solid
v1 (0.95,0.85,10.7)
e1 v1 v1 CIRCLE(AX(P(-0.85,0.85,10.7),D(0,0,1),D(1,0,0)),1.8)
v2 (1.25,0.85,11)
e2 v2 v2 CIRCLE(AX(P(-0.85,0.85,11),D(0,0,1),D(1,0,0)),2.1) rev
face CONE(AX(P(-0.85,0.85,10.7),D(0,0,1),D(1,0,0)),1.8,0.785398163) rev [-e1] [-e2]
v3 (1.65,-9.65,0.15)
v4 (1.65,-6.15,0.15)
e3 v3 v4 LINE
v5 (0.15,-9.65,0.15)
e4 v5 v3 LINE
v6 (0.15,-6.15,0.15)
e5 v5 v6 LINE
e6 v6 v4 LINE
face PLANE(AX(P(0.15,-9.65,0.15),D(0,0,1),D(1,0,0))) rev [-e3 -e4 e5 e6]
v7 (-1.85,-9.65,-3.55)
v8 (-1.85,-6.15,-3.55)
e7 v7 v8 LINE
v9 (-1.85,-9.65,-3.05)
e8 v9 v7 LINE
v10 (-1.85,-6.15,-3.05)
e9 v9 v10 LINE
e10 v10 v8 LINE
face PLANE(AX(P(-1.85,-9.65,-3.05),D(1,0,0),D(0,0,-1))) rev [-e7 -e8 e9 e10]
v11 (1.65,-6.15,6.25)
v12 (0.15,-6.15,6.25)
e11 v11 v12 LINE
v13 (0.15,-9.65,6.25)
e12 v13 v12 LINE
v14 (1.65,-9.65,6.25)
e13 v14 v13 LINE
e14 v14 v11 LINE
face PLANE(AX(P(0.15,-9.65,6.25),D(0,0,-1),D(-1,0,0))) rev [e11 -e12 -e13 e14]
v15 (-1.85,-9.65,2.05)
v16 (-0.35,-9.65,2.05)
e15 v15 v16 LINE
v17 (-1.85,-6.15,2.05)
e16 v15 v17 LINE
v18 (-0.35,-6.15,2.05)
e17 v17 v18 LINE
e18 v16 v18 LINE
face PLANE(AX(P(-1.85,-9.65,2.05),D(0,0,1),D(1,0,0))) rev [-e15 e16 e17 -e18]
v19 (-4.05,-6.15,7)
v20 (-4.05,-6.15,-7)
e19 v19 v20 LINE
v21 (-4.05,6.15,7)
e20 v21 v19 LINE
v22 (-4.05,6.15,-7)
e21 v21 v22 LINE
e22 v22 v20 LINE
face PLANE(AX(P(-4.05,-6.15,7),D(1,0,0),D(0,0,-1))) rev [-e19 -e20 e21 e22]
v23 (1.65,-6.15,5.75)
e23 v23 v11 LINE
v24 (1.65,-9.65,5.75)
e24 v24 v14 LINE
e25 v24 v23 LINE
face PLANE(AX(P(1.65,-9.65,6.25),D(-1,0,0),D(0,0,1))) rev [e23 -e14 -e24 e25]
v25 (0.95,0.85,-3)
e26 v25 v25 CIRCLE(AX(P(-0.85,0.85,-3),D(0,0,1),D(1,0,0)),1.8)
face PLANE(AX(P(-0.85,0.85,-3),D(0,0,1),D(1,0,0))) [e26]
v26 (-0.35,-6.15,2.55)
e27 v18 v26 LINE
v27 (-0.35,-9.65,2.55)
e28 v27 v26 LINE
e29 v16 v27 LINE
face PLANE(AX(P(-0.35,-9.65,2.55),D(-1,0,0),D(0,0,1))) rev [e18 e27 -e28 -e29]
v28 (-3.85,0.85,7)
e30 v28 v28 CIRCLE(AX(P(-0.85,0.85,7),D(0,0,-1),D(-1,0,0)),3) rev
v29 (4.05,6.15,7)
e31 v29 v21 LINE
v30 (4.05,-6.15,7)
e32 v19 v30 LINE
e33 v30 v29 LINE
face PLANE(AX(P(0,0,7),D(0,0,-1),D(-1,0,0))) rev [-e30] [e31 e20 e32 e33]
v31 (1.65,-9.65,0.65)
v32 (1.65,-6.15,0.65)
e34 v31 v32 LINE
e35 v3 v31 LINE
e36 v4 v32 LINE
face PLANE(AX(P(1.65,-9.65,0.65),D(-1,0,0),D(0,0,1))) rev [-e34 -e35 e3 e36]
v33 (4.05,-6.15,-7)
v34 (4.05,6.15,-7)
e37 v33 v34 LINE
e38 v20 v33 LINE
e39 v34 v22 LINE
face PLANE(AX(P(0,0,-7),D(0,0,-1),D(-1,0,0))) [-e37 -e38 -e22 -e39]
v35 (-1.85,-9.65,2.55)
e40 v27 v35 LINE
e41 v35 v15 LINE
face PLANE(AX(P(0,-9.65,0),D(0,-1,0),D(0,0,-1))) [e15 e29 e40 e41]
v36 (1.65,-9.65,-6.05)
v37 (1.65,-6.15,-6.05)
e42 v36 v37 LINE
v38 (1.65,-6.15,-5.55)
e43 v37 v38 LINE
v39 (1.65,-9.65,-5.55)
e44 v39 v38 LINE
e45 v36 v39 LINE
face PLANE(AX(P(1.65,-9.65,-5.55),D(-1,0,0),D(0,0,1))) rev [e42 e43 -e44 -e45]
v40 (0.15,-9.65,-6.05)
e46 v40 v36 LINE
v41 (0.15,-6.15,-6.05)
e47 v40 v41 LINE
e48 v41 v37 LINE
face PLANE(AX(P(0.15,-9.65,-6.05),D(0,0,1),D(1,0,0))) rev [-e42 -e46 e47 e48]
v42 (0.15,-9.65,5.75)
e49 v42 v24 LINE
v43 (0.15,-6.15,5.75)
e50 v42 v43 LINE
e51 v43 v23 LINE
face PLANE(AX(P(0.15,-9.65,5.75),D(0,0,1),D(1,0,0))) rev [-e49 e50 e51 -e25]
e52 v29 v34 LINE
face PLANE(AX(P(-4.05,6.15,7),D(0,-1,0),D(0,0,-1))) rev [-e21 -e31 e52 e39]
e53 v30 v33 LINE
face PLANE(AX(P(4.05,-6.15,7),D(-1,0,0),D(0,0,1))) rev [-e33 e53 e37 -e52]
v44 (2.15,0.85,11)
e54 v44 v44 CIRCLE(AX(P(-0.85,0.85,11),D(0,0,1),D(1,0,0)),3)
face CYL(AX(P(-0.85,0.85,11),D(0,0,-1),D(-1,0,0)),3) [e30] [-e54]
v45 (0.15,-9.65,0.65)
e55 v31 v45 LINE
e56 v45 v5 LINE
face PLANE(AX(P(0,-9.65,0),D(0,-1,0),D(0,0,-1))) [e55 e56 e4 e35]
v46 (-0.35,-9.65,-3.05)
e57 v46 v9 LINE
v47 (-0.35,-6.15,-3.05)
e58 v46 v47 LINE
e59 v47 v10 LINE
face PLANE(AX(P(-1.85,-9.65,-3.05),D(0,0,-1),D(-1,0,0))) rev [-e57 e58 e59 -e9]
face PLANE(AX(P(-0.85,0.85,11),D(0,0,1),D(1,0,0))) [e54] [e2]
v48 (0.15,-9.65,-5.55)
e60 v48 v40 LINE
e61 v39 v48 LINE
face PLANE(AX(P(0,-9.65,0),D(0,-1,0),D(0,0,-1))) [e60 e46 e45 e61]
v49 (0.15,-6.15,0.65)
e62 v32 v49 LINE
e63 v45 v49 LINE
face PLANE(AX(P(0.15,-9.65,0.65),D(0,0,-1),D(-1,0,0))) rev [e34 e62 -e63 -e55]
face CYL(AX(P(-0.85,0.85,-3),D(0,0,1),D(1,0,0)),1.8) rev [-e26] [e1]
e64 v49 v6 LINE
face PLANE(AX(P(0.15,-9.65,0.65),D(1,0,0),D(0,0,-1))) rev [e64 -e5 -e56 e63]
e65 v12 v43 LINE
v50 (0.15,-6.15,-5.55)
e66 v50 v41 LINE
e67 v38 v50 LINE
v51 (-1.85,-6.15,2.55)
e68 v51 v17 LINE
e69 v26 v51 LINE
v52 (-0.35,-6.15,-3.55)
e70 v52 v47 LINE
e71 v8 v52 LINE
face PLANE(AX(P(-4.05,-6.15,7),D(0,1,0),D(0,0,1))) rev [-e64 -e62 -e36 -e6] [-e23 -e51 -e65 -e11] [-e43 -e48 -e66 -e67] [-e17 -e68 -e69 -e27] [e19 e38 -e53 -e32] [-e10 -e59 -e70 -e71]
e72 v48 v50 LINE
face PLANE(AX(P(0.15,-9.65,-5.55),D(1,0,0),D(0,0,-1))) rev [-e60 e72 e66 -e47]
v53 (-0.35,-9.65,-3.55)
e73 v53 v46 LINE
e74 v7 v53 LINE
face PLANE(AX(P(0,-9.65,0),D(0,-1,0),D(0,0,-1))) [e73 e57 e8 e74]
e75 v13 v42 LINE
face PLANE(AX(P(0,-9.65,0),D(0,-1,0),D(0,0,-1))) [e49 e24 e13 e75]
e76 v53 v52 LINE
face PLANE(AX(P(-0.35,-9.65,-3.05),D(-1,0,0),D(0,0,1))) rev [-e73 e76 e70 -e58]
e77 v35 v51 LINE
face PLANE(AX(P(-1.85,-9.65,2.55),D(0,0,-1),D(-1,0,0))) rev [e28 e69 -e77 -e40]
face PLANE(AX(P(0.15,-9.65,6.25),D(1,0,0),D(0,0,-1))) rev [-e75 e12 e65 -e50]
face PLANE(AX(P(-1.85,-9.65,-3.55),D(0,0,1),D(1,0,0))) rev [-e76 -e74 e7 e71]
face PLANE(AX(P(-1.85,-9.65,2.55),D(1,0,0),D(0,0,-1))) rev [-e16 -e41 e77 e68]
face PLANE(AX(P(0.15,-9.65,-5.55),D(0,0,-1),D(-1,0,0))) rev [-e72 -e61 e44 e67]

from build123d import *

# Parameters (mm, degrees)
SKETCH1_W           = 8.1
SKETCH1_H           = 12.3
BOSS_EXTRUDE1_DEPTH = 7
SKETCH2_R           = 3
BOSS_EXTRUDE2_DEPTH = 4
SKETCH3_R           = 1.8
CUT_EXTRUDE1_DEPTH  = 14
CHAMFER1_SIZE       = 0.3
SKETCH4_W           = 1.5
SKETCH4_H           = 0.5
BOSS_EXTRUDE3_DEPTH = 3.5


with BuildPart() as part:
    # Sketch1 → Boss-Extrude1 (new, symmetric)
    with BuildSketch(Plane.XY):
        Rectangle(SKETCH1_W, SKETCH1_H)
    extrude(amount=BOSS_EXTRUDE1_DEPTH, both=True)

    # Sketch2 → Boss-Extrude2 (add)
    with BuildSketch(Plane.XY.offset(7)):
        with Locations(Location((-0.85, 0.85, 0), (0, 0, 180))):
            Circle(SKETCH2_R)
    extrude(amount=BOSS_EXTRUDE2_DEPTH)

    # Sketch3 → Cut-Extrude1 (cut)
    with BuildSketch(Plane.XY.offset(11)):
        with Locations((-0.85, 0.85)):
            Circle(SKETCH3_R)
    extrude(amount=-CUT_EXTRUDE1_DEPTH, mode=Mode.SUBTRACT)

    # Chamfer1
    chamfer1_edges = [part.edges().sort_by_distance(p)[0] for p in [
        (-2.65, 0.85, 11),
    ]]
    chamfer(chamfer1_edges, length=CHAMFER1_SIZE)

    # Sketch4 → Boss-Extrude3 (add)
    with BuildSketch(Plane.XZ.offset(6.15)):
        with Locations((0.9, 6)):
            Rectangle(SKETCH4_W, SKETCH4_H)
        with Locations((-1.1, 2.3)):
            Rectangle(SKETCH4_W, SKETCH4_H)
        with Locations((0.9, 0.4)):
            Rectangle(SKETCH4_W, SKETCH4_H)
        with Locations((-1.1, -3.3)):
            Rectangle(SKETCH4_W, SKETCH4_H)
        with Locations((0.9, -5.8)):
            Rectangle(SKETCH4_W, SKETCH4_H)
    extrude(amount=BOSS_EXTRUDE3_DEPTH)


solid = part.part
